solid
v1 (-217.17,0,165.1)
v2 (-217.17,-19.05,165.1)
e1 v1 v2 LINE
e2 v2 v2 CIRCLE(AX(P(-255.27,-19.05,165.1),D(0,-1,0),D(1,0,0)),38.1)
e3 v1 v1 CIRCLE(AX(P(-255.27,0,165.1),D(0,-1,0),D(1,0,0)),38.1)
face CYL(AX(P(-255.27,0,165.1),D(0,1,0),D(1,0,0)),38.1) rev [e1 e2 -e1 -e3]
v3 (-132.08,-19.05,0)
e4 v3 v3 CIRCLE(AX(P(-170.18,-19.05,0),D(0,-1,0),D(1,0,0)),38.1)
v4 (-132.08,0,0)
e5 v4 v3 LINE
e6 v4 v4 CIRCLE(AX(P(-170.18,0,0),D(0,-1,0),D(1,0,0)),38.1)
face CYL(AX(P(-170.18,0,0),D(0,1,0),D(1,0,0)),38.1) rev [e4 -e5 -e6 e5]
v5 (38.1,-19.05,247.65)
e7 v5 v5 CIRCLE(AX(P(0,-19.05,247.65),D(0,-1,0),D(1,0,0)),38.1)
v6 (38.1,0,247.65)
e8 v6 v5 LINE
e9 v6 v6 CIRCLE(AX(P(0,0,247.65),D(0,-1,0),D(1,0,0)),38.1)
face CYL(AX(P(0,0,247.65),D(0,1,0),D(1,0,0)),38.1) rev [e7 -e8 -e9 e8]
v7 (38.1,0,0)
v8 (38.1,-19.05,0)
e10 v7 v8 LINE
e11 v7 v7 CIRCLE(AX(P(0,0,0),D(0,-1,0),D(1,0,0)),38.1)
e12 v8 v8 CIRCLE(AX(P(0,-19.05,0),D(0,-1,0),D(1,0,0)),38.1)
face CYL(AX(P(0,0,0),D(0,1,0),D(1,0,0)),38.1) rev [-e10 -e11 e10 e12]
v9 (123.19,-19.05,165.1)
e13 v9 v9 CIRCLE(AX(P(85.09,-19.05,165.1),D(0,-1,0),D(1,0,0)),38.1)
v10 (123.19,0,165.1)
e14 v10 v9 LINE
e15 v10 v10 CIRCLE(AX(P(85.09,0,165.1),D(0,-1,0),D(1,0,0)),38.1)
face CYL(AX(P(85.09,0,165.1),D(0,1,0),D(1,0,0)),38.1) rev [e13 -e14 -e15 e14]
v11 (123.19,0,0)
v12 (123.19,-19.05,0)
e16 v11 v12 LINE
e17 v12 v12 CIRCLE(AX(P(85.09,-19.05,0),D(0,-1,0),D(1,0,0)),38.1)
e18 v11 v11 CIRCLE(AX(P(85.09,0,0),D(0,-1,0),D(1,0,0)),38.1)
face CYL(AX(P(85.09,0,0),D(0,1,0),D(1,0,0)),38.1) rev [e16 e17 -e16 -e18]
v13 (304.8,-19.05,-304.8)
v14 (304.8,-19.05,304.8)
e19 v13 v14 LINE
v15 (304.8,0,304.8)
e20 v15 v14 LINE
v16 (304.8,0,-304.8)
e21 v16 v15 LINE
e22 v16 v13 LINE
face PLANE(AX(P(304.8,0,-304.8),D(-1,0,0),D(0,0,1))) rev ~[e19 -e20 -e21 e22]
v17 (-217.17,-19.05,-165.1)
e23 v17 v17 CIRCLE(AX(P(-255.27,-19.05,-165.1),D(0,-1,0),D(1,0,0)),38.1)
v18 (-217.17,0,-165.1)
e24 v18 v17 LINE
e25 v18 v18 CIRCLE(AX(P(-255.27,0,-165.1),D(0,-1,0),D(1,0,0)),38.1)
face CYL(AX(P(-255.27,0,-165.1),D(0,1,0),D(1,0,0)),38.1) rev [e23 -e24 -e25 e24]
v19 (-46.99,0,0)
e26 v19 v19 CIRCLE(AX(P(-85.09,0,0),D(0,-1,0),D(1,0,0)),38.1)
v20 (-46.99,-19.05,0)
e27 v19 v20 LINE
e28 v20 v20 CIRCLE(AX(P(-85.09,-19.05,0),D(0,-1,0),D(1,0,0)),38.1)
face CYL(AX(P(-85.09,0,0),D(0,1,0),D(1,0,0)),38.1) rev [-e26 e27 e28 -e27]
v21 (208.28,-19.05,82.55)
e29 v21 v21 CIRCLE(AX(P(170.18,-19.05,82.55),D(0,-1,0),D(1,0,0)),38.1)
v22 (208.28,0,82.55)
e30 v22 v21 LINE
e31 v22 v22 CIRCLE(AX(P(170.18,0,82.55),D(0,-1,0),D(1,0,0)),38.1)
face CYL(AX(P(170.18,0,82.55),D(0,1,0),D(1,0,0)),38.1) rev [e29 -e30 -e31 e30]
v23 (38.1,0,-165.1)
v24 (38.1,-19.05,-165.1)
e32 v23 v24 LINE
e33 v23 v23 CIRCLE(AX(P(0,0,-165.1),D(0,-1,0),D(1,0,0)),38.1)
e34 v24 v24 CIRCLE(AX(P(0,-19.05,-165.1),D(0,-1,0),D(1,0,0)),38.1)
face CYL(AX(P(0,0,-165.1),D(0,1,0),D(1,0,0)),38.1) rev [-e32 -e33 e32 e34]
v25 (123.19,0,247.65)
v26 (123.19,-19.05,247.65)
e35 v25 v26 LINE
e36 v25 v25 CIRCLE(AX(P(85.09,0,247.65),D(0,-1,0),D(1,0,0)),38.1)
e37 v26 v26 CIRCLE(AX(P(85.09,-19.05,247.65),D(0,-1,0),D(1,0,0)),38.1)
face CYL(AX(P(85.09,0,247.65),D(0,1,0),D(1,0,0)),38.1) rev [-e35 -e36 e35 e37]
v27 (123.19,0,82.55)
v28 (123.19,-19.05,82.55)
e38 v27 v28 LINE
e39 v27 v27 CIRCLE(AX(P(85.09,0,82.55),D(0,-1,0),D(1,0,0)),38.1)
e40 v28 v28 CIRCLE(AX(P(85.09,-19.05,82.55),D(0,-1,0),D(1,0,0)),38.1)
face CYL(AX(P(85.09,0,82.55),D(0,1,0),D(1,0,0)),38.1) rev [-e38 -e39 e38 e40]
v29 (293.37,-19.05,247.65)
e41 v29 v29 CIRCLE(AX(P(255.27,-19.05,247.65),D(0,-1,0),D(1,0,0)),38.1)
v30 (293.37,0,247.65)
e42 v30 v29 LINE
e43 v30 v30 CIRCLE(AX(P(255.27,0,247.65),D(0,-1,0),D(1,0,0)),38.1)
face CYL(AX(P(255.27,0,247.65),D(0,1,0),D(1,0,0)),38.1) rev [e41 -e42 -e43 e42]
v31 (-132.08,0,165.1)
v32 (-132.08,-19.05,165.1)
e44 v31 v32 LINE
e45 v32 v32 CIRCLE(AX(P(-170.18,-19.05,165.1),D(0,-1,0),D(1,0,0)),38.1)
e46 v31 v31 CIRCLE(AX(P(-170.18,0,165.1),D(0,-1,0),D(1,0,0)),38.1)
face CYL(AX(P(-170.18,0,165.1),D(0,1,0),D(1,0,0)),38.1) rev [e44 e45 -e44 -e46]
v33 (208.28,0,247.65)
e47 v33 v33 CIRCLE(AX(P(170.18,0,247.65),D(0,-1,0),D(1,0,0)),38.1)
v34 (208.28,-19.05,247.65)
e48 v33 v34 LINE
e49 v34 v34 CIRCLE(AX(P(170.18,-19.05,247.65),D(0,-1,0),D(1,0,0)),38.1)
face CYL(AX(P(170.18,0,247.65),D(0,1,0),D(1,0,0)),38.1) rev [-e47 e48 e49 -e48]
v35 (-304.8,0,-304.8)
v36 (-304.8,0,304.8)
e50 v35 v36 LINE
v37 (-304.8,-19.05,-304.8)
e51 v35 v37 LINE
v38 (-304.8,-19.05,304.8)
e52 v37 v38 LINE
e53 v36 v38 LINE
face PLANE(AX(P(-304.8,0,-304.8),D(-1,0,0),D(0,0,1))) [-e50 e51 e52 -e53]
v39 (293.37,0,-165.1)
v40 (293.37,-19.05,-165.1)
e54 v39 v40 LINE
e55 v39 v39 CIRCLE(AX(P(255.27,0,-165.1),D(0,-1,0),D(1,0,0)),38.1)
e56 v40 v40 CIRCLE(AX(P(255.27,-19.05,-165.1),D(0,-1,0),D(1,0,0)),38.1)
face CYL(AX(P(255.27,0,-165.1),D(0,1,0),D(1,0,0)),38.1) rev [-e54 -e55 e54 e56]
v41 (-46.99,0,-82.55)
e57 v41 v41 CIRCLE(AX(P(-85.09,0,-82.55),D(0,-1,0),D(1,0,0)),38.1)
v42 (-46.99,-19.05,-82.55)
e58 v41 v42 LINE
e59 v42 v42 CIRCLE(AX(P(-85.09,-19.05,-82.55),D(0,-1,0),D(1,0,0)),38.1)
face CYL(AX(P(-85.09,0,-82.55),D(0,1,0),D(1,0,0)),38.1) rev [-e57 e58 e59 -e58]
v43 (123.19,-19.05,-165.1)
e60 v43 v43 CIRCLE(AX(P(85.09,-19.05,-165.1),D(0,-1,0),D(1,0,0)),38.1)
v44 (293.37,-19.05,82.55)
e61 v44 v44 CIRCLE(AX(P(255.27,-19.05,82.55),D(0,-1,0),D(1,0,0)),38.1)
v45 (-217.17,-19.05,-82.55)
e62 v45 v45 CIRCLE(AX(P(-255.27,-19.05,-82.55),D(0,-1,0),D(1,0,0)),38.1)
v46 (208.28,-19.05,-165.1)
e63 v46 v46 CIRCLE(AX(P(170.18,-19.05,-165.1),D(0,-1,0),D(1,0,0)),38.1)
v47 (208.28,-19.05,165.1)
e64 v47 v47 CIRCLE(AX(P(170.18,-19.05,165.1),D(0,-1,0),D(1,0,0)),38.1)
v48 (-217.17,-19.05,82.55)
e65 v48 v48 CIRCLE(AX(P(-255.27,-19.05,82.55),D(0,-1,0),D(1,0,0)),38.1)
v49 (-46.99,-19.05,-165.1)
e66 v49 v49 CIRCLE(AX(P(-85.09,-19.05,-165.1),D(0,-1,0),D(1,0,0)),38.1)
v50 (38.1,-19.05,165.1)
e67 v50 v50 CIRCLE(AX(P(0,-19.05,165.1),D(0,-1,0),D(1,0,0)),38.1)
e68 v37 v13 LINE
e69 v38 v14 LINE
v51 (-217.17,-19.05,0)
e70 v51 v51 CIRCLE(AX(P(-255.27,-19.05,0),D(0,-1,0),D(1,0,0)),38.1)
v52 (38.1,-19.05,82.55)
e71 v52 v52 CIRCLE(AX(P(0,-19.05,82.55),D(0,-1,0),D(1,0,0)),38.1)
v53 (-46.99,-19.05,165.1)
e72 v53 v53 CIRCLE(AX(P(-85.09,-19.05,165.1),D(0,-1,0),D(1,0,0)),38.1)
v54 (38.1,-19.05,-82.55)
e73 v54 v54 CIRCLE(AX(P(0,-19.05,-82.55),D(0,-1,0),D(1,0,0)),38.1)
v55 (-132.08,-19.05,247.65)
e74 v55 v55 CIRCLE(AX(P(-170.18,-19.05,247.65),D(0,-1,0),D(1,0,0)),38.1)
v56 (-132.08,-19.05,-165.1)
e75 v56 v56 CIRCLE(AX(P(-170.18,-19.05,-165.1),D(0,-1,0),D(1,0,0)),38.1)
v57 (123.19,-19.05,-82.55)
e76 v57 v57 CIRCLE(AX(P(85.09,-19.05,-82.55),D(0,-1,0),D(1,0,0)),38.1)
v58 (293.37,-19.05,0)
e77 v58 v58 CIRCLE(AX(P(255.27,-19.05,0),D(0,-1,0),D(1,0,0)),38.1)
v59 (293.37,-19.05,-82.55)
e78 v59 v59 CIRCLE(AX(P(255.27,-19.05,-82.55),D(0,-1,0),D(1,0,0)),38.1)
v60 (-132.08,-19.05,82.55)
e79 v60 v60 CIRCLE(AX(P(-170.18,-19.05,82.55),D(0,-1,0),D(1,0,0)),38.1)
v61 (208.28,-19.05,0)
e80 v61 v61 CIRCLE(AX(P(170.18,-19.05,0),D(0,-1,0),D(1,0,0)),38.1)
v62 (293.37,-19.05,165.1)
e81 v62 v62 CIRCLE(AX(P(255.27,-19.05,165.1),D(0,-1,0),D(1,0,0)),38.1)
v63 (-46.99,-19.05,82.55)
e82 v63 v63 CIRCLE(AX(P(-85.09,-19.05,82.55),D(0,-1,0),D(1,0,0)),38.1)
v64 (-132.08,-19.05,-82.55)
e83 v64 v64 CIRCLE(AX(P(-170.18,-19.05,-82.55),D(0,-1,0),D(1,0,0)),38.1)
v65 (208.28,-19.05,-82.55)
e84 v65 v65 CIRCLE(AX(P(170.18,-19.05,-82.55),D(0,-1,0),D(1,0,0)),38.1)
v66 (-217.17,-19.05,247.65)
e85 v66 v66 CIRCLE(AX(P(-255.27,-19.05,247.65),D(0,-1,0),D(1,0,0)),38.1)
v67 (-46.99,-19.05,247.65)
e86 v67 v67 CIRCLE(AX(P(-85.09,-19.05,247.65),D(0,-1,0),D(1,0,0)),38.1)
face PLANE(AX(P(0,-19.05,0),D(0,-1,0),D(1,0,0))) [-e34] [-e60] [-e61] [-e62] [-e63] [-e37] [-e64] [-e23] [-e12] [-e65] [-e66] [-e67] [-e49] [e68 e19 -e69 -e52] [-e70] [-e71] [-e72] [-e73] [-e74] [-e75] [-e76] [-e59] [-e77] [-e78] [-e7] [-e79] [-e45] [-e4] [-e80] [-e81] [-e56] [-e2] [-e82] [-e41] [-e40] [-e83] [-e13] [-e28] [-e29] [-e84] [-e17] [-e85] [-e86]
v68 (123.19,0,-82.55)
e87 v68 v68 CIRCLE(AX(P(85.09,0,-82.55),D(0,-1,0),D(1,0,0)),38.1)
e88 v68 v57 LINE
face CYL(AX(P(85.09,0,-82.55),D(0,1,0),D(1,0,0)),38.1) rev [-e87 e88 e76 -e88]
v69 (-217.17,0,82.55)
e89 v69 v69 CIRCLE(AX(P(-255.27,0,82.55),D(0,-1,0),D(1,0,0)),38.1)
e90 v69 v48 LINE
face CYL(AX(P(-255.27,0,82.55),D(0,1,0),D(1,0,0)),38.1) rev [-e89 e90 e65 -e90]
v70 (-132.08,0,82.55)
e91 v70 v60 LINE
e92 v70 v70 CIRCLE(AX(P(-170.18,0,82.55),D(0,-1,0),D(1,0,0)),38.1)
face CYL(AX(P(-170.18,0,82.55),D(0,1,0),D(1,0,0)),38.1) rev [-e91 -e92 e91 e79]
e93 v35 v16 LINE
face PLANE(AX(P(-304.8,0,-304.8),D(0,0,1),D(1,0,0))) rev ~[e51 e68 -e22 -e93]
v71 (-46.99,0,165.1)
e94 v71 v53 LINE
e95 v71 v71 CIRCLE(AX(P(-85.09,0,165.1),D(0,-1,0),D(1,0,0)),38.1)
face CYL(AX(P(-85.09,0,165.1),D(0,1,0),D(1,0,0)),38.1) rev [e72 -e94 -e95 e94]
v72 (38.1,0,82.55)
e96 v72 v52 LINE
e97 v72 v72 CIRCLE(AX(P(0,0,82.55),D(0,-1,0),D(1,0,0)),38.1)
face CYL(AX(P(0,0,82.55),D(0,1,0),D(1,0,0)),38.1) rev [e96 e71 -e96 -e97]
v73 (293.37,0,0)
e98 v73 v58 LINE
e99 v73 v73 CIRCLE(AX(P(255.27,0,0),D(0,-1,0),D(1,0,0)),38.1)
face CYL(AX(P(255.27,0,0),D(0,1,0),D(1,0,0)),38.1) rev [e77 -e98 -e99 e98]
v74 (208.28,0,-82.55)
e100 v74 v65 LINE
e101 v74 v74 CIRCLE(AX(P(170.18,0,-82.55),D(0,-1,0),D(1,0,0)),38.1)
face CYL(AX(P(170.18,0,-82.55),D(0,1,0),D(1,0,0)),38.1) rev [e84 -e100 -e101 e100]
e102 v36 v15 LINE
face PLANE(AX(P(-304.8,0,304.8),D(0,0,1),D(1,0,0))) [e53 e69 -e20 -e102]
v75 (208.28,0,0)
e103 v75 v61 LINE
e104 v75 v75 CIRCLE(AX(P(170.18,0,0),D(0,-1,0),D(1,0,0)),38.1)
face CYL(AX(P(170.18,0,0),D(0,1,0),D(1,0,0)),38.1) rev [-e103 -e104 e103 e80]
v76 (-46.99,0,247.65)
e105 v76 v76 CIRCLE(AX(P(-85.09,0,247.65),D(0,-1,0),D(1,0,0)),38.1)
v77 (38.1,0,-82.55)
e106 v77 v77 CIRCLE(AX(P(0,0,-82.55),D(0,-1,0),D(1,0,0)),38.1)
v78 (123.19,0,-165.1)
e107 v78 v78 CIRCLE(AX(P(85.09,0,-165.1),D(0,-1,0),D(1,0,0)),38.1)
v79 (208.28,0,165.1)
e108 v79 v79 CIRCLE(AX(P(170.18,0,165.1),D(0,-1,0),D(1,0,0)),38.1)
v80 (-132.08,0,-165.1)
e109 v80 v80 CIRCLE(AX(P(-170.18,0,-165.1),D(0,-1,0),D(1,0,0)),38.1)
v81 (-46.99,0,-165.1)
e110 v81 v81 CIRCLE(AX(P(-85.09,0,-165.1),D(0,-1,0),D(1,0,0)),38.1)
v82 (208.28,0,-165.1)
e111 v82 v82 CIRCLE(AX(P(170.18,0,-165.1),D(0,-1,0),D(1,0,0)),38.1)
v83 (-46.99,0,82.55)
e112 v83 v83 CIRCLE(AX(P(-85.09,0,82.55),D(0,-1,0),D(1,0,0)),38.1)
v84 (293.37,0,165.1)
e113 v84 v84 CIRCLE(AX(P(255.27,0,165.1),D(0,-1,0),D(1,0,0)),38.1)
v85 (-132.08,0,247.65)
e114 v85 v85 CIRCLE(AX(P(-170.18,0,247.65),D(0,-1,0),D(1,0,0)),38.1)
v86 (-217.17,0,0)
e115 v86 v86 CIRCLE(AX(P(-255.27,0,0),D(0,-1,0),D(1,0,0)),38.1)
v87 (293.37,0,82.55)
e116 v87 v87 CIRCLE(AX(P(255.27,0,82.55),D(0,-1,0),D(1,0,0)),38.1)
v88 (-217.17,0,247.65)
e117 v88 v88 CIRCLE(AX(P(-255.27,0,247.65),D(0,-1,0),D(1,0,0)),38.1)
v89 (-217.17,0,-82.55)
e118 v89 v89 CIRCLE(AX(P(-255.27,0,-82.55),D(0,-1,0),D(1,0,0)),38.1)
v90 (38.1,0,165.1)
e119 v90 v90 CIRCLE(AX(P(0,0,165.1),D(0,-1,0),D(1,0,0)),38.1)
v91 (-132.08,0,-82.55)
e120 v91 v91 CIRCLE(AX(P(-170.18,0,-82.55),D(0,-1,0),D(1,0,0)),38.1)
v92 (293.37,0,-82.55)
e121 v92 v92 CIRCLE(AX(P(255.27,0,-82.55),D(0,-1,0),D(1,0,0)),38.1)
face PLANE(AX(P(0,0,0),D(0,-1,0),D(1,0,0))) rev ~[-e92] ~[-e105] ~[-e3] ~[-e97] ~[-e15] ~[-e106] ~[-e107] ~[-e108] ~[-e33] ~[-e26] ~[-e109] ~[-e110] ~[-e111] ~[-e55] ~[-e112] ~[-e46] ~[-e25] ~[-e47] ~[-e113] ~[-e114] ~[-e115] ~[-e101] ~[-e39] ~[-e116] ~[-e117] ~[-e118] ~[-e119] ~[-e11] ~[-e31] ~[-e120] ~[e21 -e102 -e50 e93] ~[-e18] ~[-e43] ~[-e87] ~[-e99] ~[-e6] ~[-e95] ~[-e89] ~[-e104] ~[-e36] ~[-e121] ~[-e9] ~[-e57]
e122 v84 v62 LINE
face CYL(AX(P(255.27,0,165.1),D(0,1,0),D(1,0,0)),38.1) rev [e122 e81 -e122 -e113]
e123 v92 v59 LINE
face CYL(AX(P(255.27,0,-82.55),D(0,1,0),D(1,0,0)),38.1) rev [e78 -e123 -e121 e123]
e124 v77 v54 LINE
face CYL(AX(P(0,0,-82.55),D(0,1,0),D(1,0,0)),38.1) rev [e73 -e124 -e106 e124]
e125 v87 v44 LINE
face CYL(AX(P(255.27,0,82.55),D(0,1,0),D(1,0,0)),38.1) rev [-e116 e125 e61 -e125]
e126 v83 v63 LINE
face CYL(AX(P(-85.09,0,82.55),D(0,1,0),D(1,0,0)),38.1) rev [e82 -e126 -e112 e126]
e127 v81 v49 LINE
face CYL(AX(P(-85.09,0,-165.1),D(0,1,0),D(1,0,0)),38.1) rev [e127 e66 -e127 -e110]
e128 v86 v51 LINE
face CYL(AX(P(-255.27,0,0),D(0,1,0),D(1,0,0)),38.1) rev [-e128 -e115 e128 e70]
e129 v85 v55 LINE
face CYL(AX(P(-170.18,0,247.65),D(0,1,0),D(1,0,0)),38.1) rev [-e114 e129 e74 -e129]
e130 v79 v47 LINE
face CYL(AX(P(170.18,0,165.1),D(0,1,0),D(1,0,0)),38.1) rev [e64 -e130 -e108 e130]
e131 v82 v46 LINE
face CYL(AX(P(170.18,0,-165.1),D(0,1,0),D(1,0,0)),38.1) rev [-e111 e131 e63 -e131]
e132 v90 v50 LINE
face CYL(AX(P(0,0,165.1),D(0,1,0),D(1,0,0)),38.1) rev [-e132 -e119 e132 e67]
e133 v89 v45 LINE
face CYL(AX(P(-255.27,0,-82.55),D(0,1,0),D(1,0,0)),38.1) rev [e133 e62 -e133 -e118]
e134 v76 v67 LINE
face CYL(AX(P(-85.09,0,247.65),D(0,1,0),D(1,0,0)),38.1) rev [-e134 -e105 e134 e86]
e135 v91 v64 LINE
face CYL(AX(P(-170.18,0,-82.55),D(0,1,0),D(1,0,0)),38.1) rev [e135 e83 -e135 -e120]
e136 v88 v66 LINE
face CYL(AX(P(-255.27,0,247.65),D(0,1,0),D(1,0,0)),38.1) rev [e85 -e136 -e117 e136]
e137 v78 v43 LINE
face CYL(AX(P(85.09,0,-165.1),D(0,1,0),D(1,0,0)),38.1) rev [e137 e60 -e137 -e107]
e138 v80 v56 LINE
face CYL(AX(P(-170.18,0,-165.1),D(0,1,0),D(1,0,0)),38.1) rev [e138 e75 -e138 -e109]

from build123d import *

# Parameters (mm, degrees)
F0_W     = 609.6
F0_H     = 609.6
F0_R     = 38.1
F1_DEPTH = 19.05


with BuildPart() as f1:
    # F0 (on Front) → F1 (new body)
    with BuildSketch(Plane.XZ):
        Rectangle(F0_W, F0_H)
        with Locations((-255.27, -165.1)):
            Circle(F0_R, mode=Mode.SUBTRACT)
        with Locations((-170.18, -165.1)):
            Circle(F0_R, mode=Mode.SUBTRACT)
        with Locations((-85.09, -165.1)):
            Circle(F0_R, mode=Mode.SUBTRACT)
        with Locations((-255.27, -82.55)):
            Circle(F0_R, mode=Mode.SUBTRACT)
        with Locations((-170.18, -82.55)):
            Circle(F0_R, mode=Mode.SUBTRACT)
        with Locations((-85.09, -82.55)):
            Circle(F0_R, mode=Mode.SUBTRACT)
        with Locations((0, -165.1)):
            Circle(F0_R, mode=Mode.SUBTRACT)
        with Locations((85.09, -165.1)):
            Circle(F0_R, mode=Mode.SUBTRACT)
        with Locations((170.18, -165.1)):
            Circle(F0_R, mode=Mode.SUBTRACT)
        with Locations((255.27, -165.1)):
            Circle(F0_R, mode=Mode.SUBTRACT)
        with Locations((0, -82.55)):
            Circle(F0_R, mode=Mode.SUBTRACT)
        with Locations((85.09, -82.55)):
            Circle(F0_R, mode=Mode.SUBTRACT)
        with Locations((170.18, -82.55)):
            Circle(F0_R, mode=Mode.SUBTRACT)
        with Locations((255.27, -82.55)):
            Circle(F0_R, mode=Mode.SUBTRACT)
        with Locations((-255.27, 0)):
            Circle(F0_R, mode=Mode.SUBTRACT)
        with Locations((-170.18, 0)):
            Circle(F0_R, mode=Mode.SUBTRACT)
        with Locations((-255.27, 82.55)):
            Circle(F0_R, mode=Mode.SUBTRACT)
        with Locations((-170.18, 82.55)):
            Circle(F0_R, mode=Mode.SUBTRACT)
        with Locations((-85.09, 0)):
            Circle(F0_R, mode=Mode.SUBTRACT)
        with Locations((-85.09, 82.55)):
            Circle(F0_R, mode=Mode.SUBTRACT)
        with Locations((-255.27, 165.1)):
            Circle(F0_R, mode=Mode.SUBTRACT)
        with Locations((-170.18, 165.1)):
            Circle(F0_R, mode=Mode.SUBTRACT)
        with Locations((-255.27, 247.65)):
            Circle(F0_R, mode=Mode.SUBTRACT)
        with Locations((-170.18, 247.65)):
            Circle(F0_R, mode=Mode.SUBTRACT)
        with Locations((-85.09, 165.1)):
            Circle(F0_R, mode=Mode.SUBTRACT)
        with Locations((-85.09, 247.65)):
            Circle(F0_R, mode=Mode.SUBTRACT)
        Circle(F0_R, mode=Mode.SUBTRACT)
        with Locations((85.09, 0)):
            Circle(F0_R, mode=Mode.SUBTRACT)
        with Locations((0, 82.55)):
            Circle(F0_R, mode=Mode.SUBTRACT)
        with Locations((85.09, 82.55)):
            Circle(F0_R, mode=Mode.SUBTRACT)
        with Locations((170.18, 0)):
            Circle(F0_R, mode=Mode.SUBTRACT)
        with Locations((255.27, 0)):
            Circle(F0_R, mode=Mode.SUBTRACT)
        with Locations((170.18, 82.55)):
            Circle(F0_R, mode=Mode.SUBTRACT)
        with Locations((255.27, 82.55)):
            Circle(F0_R, mode=Mode.SUBTRACT)
        with Locations((0, 165.1)):
            Circle(F0_R, mode=Mode.SUBTRACT)
        with Locations((85.09, 165.1)):
            Circle(F0_R, mode=Mode.SUBTRACT)
        with Locations((0, 247.65)):
            Circle(F0_R, mode=Mode.SUBTRACT)
        with Locations((85.09, 247.65)):
            Circle(F0_R, mode=Mode.SUBTRACT)
        with Locations((170.18, 165.1)):
            Circle(F0_R, mode=Mode.SUBTRACT)
        with Locations((255.27, 165.1)):
            Circle(F0_R, mode=Mode.SUBTRACT)
        with Locations((170.18, 247.65)):
            Circle(F0_R, mode=Mode.SUBTRACT)
        with Locations((255.27, 247.65)):
            Circle(F0_R, mode=Mode.SUBTRACT)
    extrude(amount=F1_DEPTH)


solid = f1.part
